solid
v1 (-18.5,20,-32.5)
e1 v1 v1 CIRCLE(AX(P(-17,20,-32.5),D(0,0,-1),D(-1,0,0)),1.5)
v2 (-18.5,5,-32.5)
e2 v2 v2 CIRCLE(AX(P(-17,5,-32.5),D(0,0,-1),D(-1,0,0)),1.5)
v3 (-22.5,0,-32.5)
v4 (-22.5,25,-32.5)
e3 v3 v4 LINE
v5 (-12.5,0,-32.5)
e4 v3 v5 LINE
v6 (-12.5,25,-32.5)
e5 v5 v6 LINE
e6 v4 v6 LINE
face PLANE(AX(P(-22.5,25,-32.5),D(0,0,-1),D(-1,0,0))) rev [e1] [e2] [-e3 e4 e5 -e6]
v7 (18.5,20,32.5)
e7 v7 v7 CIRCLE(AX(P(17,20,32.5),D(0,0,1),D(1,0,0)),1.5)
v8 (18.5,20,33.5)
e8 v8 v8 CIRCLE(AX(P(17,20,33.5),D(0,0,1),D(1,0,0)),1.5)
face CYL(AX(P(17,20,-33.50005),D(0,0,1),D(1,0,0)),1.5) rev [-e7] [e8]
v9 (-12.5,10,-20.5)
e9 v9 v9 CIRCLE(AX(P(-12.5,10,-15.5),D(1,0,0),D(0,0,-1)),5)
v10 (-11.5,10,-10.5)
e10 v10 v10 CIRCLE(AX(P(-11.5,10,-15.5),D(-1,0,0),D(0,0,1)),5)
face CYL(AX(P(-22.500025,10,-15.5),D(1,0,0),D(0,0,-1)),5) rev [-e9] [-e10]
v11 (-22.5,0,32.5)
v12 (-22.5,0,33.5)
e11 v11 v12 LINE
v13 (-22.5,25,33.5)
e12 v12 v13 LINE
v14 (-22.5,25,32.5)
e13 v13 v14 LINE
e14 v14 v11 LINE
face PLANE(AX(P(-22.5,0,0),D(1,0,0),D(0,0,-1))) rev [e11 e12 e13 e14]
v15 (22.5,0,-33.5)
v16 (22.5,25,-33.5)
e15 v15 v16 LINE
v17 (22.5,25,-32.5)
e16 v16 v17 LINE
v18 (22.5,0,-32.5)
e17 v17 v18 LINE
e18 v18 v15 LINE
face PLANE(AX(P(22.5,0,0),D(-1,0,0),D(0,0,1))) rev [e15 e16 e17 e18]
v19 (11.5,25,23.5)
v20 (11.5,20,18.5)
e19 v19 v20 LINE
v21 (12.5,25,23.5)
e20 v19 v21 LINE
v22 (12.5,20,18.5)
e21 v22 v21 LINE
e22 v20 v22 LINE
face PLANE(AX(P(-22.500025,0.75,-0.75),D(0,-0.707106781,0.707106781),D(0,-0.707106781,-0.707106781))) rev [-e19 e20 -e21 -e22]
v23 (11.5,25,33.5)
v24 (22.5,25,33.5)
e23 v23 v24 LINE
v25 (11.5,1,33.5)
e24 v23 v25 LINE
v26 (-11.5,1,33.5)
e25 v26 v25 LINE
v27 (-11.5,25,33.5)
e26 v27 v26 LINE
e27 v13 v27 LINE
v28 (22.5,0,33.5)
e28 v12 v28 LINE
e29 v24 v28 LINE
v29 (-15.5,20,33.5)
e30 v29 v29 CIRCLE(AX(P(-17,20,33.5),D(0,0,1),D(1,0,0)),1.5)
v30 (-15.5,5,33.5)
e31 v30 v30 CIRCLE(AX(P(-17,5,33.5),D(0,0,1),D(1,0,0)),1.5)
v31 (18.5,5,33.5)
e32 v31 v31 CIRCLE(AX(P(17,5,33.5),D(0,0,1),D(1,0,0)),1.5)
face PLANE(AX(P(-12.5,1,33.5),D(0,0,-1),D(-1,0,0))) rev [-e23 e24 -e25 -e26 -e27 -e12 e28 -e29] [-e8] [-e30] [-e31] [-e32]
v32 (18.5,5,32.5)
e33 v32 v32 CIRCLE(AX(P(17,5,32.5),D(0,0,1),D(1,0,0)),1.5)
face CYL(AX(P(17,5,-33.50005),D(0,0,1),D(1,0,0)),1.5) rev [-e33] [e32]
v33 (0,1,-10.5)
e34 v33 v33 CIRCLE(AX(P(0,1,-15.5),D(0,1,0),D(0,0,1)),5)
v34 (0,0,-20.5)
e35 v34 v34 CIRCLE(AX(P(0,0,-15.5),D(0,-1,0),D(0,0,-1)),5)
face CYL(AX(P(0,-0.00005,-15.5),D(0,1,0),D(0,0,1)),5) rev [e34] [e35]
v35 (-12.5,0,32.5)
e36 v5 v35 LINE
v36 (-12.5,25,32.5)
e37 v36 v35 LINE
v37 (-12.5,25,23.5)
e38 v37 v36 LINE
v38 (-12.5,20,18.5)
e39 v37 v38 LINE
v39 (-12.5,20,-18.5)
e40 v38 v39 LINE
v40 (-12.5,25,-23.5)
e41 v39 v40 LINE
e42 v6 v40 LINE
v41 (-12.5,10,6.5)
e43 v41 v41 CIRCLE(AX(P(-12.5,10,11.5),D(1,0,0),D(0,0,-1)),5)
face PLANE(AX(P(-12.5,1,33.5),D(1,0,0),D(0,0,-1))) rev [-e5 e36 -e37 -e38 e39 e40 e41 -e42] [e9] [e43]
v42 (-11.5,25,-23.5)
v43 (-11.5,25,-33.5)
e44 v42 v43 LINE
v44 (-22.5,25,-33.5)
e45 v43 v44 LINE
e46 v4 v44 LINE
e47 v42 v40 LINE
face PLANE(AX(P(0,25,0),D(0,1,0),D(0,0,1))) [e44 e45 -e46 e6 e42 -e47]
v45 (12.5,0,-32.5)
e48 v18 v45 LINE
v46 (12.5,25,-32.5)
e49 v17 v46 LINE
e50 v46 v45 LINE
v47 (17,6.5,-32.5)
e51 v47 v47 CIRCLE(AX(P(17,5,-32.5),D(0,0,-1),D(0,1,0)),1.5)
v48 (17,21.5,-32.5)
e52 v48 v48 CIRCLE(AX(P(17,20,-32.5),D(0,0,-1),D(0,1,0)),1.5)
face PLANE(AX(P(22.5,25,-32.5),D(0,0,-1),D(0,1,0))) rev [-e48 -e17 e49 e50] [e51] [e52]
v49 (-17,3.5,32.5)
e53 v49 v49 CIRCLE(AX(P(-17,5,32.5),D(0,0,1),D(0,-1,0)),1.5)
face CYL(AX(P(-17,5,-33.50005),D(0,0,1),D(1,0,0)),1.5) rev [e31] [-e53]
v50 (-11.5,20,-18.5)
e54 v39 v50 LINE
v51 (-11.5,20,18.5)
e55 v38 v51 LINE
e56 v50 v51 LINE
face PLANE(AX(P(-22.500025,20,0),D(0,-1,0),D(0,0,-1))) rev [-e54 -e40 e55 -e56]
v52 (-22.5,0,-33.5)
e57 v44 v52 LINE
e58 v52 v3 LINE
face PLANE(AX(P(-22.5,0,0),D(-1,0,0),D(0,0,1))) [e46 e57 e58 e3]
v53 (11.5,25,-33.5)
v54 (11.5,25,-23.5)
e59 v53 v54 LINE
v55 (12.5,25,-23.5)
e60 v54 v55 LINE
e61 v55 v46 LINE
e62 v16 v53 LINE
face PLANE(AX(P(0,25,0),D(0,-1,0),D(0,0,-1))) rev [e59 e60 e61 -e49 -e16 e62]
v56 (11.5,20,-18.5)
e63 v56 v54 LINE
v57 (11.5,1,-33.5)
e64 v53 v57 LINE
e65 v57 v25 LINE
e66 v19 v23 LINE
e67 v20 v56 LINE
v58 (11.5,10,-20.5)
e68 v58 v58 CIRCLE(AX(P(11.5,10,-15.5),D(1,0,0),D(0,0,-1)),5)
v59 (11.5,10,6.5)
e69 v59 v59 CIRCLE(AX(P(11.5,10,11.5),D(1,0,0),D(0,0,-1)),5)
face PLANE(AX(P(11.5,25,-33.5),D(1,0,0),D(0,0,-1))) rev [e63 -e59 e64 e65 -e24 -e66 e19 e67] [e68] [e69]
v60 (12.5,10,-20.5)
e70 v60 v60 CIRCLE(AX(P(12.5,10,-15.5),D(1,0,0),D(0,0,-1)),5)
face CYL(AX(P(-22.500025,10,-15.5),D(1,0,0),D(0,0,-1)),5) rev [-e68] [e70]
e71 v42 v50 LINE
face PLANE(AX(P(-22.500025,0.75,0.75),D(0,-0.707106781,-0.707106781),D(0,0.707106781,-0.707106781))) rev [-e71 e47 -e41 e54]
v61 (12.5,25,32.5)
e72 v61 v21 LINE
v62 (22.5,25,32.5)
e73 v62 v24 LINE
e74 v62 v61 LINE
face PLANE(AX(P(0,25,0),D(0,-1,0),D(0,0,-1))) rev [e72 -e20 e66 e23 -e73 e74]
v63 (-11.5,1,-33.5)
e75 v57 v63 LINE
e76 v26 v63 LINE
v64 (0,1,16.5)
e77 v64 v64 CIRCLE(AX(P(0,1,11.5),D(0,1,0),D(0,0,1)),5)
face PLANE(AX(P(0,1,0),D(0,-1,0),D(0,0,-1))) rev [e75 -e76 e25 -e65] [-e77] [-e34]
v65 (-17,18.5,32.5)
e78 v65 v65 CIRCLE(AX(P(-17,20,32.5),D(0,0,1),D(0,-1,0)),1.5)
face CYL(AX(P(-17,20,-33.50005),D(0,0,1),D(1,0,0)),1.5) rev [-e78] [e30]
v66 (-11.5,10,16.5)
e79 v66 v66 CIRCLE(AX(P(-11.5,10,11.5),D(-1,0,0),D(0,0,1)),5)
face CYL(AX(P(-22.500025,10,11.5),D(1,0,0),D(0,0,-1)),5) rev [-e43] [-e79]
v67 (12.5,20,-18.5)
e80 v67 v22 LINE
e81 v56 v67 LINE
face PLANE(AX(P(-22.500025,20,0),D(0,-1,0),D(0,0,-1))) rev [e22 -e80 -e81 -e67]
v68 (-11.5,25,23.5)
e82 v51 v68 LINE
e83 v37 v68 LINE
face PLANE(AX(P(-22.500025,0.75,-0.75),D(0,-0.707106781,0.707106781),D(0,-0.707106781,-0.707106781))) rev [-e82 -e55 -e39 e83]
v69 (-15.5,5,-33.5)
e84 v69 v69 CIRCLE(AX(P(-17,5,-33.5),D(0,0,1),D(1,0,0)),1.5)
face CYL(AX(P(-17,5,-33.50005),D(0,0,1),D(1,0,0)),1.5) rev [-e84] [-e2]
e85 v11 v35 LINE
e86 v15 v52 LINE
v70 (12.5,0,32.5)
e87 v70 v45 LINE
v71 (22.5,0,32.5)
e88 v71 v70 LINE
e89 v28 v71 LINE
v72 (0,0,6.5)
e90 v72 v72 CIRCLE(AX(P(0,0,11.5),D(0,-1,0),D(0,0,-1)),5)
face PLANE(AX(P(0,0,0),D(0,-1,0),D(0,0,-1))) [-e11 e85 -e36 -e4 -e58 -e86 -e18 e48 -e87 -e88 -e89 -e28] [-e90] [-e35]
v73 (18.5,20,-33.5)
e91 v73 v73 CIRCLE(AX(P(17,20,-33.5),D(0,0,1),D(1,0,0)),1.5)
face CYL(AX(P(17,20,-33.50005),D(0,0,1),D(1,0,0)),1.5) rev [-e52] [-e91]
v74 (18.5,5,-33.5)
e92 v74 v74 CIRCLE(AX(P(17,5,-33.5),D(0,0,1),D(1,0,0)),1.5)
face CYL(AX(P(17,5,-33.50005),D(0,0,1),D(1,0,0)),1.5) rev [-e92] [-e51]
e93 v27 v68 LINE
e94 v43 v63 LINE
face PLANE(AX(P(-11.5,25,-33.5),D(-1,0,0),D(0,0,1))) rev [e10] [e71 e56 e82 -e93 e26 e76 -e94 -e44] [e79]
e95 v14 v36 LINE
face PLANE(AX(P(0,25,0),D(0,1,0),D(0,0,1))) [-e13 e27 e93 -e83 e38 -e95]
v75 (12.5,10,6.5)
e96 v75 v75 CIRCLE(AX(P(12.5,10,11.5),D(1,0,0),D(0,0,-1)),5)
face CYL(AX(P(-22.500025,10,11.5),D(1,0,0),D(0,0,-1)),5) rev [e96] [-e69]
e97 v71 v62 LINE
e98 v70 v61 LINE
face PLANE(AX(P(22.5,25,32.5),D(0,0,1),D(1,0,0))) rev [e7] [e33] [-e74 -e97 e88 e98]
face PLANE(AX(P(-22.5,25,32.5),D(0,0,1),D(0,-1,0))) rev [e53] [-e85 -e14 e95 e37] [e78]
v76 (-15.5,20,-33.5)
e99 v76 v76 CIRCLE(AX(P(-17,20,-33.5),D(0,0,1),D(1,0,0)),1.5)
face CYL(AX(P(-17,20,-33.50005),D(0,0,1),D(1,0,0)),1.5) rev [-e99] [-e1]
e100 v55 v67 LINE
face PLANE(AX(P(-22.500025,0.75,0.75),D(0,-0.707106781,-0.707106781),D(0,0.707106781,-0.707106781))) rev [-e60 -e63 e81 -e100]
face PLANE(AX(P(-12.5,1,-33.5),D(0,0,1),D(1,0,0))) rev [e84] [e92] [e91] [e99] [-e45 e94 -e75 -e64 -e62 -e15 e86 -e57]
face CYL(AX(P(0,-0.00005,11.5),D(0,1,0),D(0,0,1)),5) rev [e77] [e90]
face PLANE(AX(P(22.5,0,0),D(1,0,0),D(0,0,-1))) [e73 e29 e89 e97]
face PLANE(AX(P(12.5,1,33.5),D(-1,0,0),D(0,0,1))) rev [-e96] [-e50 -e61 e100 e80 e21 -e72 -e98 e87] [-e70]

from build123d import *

# Parameters (mm, degrees)
SKETCH1_W               = 25
SKETCH1_H               = 67
BOSS_EXTRUDE1_DEPTH     = 1
SKETCH2_W               = 1
SKETCH2_H               = 67
BOSS_EXTRUDE2_DEPTH     = 24
SKETCH3_W               = 1
SKETCH3_H               = 25
BOSS_EXTRUDE3_DEPTH     = 10
SKETCH4_W               = 1
SKETCH4_H               = 25
BOSS_EXTRUDE4_DEPTH     = 10
SKETCH5_R               = 5
CUT_EXTRUDE1_DEPTH      = 2
SKETCH10_R              = 1.5
CUT_EXTRUDE3_DEPTH      = 68
CUT_EXTRUDE4_DEPTH      = 11
CUT_EXTRUDE4_DEPTH_BACK = 36
SKETCH9_R               = 5
CUT_EXTRUDE2_DEPTH      = 36


with BuildPart() as part:
    # Sketch1 → Boss-Extrude1 (new body)
    with BuildSketch(Plane(origin=(0, 0, 0), x_dir=(1, 0, 0), z_dir=(0, 1, 0))):
        Rectangle(SKETCH1_W, SKETCH1_H)
    extrude(amount=BOSS_EXTRUDE1_DEPTH)

    # Sketch2 → Boss-Extrude2 (add)
    with BuildSketch(Plane(origin=(0, 1, 0), x_dir=(1, 0, 0), z_dir=(0, 1, 0))):
        with Locations((12, 0)):
            Rectangle(SKETCH2_W, SKETCH2_H)
        with Locations((-12, 0)):
            Rectangle(SKETCH2_W, SKETCH2_H)
    extrude(amount=BOSS_EXTRUDE2_DEPTH)

    # Sketch3 → Boss-Extrude3 (add)
    with BuildSketch(Plane(origin=(12.5, 0, 0), x_dir=(0, 0, -1), z_dir=(1, 0, 0))):
        with Locations((-33, 12.5)):
            Rectangle(SKETCH3_W, SKETCH3_H)
        with Locations((33, 12.5)):
            Rectangle(SKETCH3_W, SKETCH3_H)
    extrude(amount=BOSS_EXTRUDE3_DEPTH)

    # Sketch4 → Boss-Extrude4 (add)
    with BuildSketch(Plane.ZY.offset(12.5)):
        with Locations((-33, 12.5)):
            Rectangle(SKETCH4_W, SKETCH4_H)
        with Locations((33, 12.5)):
            Rectangle(SKETCH4_W, SKETCH4_H)
    extrude(amount=BOSS_EXTRUDE4_DEPTH)

    # Sketch5 → Cut-Extrude1 (cut, through all)
    with BuildSketch(Plane(origin=(0, 1, 0), x_dir=(1, 0, 0), z_dir=(0, 1, 0))):
        with Locations((0, -11.5)):
            Circle(SKETCH5_R)
        with Locations((0, 15.5)):
            Circle(SKETCH5_R)
    extrude(amount=-CUT_EXTRUDE1_DEPTH, mode=Mode.SUBTRACT)

    # Sketch10 → Cut-Extrude3 (cut, through all)
    with BuildSketch(Plane.XY.offset(33.5)):
        with Locations((17, 20)):
            Circle(SKETCH10_R)
        with Locations((17, 5)):
            Circle(SKETCH10_R)
        with Locations((-17, 20)):
            Circle(SKETCH10_R)
        with Locations((-17, 5)):
            Circle(SKETCH10_R)
    extrude(amount=-CUT_EXTRUDE3_DEPTH, mode=Mode.SUBTRACT)

    # Sketch11 → Cut-Extrude4 (cut, two sides)
    with BuildSketch(Plane(origin=(12.5, 0, 0), x_dir=(0, 0, -1), z_dir=(1, 0, 0))) as cut_extrude4_sk:
        Polygon((0, 25), (-23.5, 25), (-18.5, 20), (0, 20), align=None)
        Polygon((23.5, 25), (0, 25), (0, 20), (18.5, 20), align=None)
    extrude(amount=CUT_EXTRUDE4_DEPTH, mode=Mode.SUBTRACT)
    extrude(cut_extrude4_sk.sketch, amount=-CUT_EXTRUDE4_DEPTH_BACK, mode=Mode.SUBTRACT)

    # Sketch9 → Cut-Extrude2 (cut, through all)
    with BuildSketch(Plane(origin=(12.5, 0, 0), x_dir=(0, 0, -1), z_dir=(1, 0, 0))):
        with Locations((-11.5, 10)):
            Circle(SKETCH9_R)
        with Locations((15.5, 10)):
            Circle(SKETCH9_R)
    extrude(amount=-CUT_EXTRUDE2_DEPTH, mode=Mode.SUBTRACT)


solid = part.part
